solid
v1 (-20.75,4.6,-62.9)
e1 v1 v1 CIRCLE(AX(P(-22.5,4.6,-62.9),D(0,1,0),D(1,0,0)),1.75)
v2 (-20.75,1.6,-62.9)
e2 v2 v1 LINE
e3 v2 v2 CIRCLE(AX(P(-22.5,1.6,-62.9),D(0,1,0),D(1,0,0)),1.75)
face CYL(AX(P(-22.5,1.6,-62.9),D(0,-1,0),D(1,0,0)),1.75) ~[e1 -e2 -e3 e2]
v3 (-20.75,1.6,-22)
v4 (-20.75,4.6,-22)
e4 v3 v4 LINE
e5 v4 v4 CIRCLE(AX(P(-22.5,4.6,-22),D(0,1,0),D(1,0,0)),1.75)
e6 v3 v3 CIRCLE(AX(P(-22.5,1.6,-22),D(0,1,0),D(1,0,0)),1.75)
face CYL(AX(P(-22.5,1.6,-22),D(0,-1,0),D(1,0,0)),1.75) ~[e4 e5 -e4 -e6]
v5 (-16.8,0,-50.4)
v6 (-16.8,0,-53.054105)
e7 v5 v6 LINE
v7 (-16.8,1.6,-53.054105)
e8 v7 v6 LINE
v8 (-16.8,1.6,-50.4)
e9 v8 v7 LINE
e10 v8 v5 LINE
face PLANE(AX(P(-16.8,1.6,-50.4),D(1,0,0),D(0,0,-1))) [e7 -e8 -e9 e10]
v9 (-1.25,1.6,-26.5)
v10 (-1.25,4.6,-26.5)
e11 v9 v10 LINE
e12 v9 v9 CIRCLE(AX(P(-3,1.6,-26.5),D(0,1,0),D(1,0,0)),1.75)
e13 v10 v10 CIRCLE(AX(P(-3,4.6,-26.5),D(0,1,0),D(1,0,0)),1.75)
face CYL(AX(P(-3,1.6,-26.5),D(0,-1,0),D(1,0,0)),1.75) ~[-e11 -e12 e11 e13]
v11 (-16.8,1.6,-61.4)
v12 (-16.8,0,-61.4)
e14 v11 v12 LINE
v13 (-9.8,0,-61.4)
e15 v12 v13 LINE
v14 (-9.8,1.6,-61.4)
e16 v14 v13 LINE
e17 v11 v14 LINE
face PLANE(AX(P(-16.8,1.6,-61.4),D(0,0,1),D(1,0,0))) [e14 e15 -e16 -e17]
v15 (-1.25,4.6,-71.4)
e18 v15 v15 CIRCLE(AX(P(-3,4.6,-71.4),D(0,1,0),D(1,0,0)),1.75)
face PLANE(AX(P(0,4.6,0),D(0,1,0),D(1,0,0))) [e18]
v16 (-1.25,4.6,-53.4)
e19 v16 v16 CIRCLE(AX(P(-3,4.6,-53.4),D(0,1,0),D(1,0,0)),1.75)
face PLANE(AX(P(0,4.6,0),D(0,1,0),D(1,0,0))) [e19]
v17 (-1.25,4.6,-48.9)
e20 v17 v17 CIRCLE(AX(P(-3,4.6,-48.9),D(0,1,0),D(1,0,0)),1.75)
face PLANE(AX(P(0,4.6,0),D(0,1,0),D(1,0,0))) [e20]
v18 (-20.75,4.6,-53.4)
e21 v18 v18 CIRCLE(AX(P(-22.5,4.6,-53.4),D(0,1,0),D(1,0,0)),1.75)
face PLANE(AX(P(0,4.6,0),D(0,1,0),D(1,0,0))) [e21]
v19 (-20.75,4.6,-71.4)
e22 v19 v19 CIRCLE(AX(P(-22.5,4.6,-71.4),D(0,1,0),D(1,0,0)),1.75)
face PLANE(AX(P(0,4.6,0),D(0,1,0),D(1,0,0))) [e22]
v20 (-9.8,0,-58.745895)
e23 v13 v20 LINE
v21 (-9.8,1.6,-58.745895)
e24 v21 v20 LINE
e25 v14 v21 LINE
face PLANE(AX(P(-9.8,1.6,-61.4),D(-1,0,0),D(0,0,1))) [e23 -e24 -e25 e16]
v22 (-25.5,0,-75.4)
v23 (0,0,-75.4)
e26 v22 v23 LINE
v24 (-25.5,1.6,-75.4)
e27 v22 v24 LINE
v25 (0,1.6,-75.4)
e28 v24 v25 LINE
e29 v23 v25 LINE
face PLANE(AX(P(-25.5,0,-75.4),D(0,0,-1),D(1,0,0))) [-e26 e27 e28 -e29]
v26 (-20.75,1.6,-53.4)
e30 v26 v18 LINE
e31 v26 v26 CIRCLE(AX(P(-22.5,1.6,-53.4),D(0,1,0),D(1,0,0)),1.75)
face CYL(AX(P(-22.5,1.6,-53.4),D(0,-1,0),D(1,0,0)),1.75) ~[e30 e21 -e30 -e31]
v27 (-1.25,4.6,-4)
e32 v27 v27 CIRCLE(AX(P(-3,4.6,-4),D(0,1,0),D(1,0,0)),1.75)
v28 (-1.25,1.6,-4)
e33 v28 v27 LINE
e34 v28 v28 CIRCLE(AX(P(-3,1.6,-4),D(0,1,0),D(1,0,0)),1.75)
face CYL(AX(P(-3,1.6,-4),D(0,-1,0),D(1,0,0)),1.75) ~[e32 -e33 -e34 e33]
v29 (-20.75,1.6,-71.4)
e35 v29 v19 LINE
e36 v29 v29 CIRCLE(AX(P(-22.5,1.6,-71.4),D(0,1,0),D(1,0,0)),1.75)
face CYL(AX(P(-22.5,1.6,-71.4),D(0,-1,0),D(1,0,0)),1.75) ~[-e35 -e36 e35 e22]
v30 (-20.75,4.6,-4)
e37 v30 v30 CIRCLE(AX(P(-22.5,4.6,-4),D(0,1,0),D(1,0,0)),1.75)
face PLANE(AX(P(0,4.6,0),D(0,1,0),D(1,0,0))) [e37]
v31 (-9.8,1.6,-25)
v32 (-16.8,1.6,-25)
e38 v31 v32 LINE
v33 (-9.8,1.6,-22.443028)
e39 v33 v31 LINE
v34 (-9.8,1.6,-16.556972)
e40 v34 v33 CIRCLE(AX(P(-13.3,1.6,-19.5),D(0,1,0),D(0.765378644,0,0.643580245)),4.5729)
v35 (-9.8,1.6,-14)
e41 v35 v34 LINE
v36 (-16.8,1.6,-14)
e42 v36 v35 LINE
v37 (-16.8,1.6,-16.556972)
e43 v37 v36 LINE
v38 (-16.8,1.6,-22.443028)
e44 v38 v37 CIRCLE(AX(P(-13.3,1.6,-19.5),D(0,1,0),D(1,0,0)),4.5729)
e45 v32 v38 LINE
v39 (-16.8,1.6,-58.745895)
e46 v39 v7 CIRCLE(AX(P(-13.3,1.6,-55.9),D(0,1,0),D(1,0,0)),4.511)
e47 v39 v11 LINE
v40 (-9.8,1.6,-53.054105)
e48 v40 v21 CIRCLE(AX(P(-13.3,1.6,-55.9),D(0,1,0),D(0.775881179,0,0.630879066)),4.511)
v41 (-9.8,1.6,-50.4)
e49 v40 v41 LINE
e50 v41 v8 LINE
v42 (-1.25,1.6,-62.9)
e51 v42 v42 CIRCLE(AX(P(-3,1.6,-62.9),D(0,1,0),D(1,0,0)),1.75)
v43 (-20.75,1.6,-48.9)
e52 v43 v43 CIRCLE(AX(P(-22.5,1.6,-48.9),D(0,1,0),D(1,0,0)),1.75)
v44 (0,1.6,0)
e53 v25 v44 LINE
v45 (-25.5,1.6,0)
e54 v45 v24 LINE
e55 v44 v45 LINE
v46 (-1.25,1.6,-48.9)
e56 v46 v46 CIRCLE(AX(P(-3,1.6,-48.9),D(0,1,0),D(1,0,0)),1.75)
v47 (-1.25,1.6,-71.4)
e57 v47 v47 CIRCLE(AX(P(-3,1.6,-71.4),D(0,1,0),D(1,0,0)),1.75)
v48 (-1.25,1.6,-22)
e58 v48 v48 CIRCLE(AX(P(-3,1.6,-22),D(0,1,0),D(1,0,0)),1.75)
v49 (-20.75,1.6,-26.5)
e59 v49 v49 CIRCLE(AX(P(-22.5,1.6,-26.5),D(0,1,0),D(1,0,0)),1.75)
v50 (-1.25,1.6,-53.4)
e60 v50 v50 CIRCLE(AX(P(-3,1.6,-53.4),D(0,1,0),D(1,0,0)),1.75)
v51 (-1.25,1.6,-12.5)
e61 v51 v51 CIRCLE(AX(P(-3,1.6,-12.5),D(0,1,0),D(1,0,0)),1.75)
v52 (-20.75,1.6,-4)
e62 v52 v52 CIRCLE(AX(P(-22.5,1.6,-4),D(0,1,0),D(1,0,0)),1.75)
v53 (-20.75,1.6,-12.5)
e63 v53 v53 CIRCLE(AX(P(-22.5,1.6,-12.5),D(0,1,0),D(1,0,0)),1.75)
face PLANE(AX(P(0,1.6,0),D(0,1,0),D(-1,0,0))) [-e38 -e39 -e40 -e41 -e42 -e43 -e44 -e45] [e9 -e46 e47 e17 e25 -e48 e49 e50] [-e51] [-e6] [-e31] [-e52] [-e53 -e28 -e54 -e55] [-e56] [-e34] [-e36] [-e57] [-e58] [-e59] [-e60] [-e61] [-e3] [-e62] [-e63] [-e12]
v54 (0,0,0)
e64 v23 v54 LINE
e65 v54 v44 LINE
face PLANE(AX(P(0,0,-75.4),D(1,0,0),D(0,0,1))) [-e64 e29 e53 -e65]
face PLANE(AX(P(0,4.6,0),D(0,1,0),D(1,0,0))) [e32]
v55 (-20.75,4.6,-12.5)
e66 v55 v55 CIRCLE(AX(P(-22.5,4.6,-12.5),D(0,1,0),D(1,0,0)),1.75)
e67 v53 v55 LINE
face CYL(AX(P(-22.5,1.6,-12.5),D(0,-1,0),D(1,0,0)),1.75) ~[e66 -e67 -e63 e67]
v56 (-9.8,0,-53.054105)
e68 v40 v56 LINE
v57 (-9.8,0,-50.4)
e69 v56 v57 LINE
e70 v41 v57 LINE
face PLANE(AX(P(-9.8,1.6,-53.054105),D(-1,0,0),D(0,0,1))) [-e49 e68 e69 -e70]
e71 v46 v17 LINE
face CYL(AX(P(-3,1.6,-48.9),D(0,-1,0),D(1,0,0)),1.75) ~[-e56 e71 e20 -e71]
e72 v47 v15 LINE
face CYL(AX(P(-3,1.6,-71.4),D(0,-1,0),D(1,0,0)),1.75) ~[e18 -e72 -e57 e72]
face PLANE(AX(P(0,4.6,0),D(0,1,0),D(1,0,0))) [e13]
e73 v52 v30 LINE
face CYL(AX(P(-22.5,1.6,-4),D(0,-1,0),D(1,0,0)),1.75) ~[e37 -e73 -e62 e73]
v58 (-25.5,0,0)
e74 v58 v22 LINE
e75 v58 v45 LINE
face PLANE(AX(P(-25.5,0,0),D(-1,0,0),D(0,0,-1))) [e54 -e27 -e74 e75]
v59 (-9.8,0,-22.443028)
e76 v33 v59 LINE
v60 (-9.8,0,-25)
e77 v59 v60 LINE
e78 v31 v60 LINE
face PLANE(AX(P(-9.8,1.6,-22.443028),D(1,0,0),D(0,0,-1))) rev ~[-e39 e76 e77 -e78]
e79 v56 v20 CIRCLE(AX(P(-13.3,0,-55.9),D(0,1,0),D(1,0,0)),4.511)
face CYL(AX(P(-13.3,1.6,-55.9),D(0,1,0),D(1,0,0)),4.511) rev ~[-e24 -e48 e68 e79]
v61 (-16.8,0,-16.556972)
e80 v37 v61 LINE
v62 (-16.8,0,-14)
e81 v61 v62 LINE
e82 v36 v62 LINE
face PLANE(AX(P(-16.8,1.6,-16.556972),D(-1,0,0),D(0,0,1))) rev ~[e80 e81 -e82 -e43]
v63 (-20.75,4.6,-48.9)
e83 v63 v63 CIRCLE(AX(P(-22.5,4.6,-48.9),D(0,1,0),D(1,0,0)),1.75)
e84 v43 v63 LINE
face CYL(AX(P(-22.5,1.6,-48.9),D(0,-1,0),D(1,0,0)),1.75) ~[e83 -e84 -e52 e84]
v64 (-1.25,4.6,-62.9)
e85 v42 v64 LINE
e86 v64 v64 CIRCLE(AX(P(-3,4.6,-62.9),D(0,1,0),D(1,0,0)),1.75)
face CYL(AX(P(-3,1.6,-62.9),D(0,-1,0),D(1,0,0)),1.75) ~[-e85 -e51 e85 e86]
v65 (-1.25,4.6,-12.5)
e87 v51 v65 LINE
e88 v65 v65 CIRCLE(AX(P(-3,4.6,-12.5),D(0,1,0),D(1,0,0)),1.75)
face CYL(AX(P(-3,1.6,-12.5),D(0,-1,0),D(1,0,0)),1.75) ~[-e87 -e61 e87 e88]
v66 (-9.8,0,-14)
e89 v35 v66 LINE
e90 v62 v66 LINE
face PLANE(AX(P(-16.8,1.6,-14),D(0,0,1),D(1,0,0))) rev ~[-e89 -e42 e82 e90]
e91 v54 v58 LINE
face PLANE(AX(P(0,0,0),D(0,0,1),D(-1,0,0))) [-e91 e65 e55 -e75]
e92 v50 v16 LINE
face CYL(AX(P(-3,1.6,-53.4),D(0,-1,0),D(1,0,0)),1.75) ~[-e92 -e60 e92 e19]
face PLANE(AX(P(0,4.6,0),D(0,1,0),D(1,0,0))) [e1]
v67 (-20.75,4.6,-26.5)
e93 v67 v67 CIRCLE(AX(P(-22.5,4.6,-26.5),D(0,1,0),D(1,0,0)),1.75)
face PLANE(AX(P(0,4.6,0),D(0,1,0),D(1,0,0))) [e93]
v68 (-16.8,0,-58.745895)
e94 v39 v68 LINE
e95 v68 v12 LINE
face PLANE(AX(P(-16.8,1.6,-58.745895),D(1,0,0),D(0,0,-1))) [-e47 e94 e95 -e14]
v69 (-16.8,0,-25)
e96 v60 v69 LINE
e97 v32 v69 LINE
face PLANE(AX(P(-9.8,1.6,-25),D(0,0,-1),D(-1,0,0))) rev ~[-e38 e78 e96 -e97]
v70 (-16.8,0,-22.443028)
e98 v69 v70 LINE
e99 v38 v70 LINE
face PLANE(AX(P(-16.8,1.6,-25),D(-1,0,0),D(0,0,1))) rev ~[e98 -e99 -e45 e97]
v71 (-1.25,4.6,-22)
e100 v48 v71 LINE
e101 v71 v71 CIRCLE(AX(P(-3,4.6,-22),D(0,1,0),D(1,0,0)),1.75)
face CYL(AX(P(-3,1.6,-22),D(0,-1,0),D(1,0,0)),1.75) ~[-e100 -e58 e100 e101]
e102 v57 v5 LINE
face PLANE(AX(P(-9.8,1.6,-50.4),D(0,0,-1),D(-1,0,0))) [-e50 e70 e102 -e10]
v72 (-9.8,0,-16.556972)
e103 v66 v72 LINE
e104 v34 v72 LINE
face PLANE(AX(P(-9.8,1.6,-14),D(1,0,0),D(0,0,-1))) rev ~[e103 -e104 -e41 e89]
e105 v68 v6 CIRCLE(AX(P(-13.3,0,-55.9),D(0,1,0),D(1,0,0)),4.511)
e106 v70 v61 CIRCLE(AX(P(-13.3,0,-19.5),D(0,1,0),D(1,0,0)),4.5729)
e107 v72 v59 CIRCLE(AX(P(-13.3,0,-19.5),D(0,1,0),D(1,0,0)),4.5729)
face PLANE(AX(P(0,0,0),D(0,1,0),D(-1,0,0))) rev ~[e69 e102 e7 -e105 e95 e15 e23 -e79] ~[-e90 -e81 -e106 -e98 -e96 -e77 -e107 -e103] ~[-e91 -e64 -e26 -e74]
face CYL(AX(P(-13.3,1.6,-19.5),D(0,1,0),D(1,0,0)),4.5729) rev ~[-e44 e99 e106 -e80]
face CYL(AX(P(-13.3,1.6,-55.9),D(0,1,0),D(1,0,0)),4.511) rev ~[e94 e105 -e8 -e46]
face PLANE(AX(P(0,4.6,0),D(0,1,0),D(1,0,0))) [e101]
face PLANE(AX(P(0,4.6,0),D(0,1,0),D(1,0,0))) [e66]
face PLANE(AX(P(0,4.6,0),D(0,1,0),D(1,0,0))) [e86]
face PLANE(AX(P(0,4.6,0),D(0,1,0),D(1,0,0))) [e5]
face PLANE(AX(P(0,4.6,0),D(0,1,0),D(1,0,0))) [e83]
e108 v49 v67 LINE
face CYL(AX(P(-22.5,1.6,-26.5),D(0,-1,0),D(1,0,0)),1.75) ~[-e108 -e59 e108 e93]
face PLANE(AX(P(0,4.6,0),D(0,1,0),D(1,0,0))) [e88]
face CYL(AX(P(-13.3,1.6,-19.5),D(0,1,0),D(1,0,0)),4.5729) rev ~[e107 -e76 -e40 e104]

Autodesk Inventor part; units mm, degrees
ref_plane "YZ Plane" through (0, 0, 0) normal (1, 0, 0) x (0, 1, 0)
ref_plane "XZ Plane" through (0, 0, 0) normal (0, 1, 0) x (-1, 0, 0)
ref_plane "XY Plane" through (0, 0, 0) normal (0, 0, 1) x (1, 0, 0)
sketch "Sketch1" plane through (0, 0, 0) normal (0, 1, 0) x (-1, 0, 0)
  line L0 (0, 0) -> (25.5, 0)
  line L1 (25.5, 0) -> (25.5, -75.4)
  line L2 (25.5, -75.4) -> (0, -75.4)
  line L3 (0, -75.4) -> (0, 0)
  dimension "d0" = 25.5
  dimension "d1" = 75.4
extrude "Extrusion1" add sketch "Sketch1" along normal blind 1.6
sketch "Sketch2" plane through (0, 1.6, 0) normal (0, 1, 0) x (1, 0, 0)
  line L0 (-25.5, 0) -> (0, 0) projected
  line L1 (0, 0) -> (0, 75.4) projected
  line L2 (0, 75.4) -> (-25.5, 75.4) projected
  line L3 (-25.5, 75.4) -> (-25.5, 0) projected
  circle A0 centre (-22.5, 71.4) radius 1.75
  circle A1 centre (-22.5, 62.9) radius 1.75
  circle A2 centre (-22.5, 53.4) radius 1.75
  circle A3 centre (-22.5, 48.9) radius 1.75
  line L4 (-25.5, 0) -> (0, 0) construction
  line L5 (-12.75, 0) -> (-12.75, 75.4) construction
  line L6 (0, 75.4) -> (-25.5, 75.4) construction
  line L7 (-25.5, 75.4) -> (-25.5, 0) construction
  line L8 (-25.5, 37.7) -> (0, 37.7) construction
  circle A4 centre (-3, 71.4) radius 1.75
  circle A5 centre (-3, 62.9) radius 1.75
  circle A6 centre (-3, 53.4) radius 1.75
  circle A7 centre (-3, 48.9) radius 1.75
  circle A8 centre (-22.5, 4) radius 1.75
  circle A9 centre (-22.5, 12.5) radius 1.75
  circle A10 centre (-22.5, 22) radius 1.75
  circle A11 centre (-22.5, 26.5) radius 1.75
  circle A12 centre (-3, 22) radius 1.75
  circle A13 centre (-3, 12.5) radius 1.75
  circle A14 centre (-3, 4) radius 1.75
  circle A15 centre (-3, 26.5) radius 1.75
  dimension "d4" = 3.5
  dimension "d5" = 3
  dimension "d6" = 4
  dimension "d7" = 3.5
  dimension "d8" = 12.5
  dimension "d9" = 3.5
  dimension "d10" = 22
  dimension "d11" = 3.5
  dimension "d12" = 26.5
extrude "Extrusion2" add sketch "Sketch2" along normal blind 3 contours A0 | A1 | A2 | A3 | A4 | A5 | A6 | A7 | A8 | A9 | A10 | A11 | A12 | A13 | A14 | A15
sketch "Sketch3" plane through (0, 1.6, 0) normal (0, 1, 0) x (1, 0, 0)
  circle A0 centre (-22.5, 4) radius 1.75 projected
  circle A1 centre (-22.5, 12.5) radius 1.75 projected
  circle A2 centre (-22.5, 22) radius 1.75 projected
  circle A3 centre (-22.5, 26.5) radius 1.75 projected
  circle A4 centre (-3, 71.4) radius 1.75 projected
  circle A5 centre (-3, 53.4) radius 1.75 projected
  circle A6 centre (-22.5, 53.4) radius 1.75 projected
  circle A7 centre (-22.5, 71.4) radius 1.75 projected
  circle A8 centre (-22.5, 62.9) radius 1.75 projected
  circle A9 centre (-22.5, 48.9) radius 1.75 projected
  circle A10 centre (-3, 62.9) radius 1.75 projected
  circle A11 centre (-3, 48.9) radius 1.75 projected
  circle A12 centre (-3, 26.5) radius 1.75 projected
  circle A13 centre (-3, 22) radius 1.75 projected
  circle A14 centre (-3, 12.5) radius 1.75 projected
  circle A15 centre (-3, 4) radius 1.75 projected
  line L0 (-25.5, 0) -> (0, 0) projected
  line L1 (0, 0) -> (0, 75.4) projected
  line L2 (0, 75.4) -> (-25.5, 75.4) projected
  line L3 (-25.5, 75.4) -> (-25.5, 0) projected
  line L4 (-16.8, 61.4) -> (-9.8, 61.4)
  line L5 (-9.8, 61.4) -> (-9.8, 50.4)
  line L6 (-9.8, 50.4) -> (-16.8, 50.4)
  line L7 (-16.8, 50.4) -> (-16.8, 61.4)
  line L8 (-25.5, 0) -> (-25.5, 75.4) projected
  line L9 (-25.5, 37.7) -> (0, 37.7)
  line L10 (0, 75.4) -> (0, 0) projected
  line L11 (-16.8, 14) -> (-9.8, 14)
  line L12 (-9.8, 14) -> (-9.8, 25)
  line L13 (-9.8, 25) -> (-16.8, 25)
  line L14 (-16.8, 25) -> (-16.8, 14)
  circle A16 centre (-13.3, 55.9) radius 4.511
  circle A17 centre (-13.3, 19.5) radius 4.5729
  dimension "d15" = 7
  dimension "d16" = 11
  dimension "d17" = 14
  dimension "d18" = 8.7
extrude "Extrusion3" cut sketch "Sketch3" against normal blind 3 contours L4 L5 A16 L7 | A16 L5 L7 | L7 A16 | A16 L5 | A16 L5 L6 L7 | L14 A17 L12 L11 | A17 L14 | L14 A17 L12 | L12 A17 | L14 L13 L12 A17
properties part number "00_FluidicChip_AlexSwen"
